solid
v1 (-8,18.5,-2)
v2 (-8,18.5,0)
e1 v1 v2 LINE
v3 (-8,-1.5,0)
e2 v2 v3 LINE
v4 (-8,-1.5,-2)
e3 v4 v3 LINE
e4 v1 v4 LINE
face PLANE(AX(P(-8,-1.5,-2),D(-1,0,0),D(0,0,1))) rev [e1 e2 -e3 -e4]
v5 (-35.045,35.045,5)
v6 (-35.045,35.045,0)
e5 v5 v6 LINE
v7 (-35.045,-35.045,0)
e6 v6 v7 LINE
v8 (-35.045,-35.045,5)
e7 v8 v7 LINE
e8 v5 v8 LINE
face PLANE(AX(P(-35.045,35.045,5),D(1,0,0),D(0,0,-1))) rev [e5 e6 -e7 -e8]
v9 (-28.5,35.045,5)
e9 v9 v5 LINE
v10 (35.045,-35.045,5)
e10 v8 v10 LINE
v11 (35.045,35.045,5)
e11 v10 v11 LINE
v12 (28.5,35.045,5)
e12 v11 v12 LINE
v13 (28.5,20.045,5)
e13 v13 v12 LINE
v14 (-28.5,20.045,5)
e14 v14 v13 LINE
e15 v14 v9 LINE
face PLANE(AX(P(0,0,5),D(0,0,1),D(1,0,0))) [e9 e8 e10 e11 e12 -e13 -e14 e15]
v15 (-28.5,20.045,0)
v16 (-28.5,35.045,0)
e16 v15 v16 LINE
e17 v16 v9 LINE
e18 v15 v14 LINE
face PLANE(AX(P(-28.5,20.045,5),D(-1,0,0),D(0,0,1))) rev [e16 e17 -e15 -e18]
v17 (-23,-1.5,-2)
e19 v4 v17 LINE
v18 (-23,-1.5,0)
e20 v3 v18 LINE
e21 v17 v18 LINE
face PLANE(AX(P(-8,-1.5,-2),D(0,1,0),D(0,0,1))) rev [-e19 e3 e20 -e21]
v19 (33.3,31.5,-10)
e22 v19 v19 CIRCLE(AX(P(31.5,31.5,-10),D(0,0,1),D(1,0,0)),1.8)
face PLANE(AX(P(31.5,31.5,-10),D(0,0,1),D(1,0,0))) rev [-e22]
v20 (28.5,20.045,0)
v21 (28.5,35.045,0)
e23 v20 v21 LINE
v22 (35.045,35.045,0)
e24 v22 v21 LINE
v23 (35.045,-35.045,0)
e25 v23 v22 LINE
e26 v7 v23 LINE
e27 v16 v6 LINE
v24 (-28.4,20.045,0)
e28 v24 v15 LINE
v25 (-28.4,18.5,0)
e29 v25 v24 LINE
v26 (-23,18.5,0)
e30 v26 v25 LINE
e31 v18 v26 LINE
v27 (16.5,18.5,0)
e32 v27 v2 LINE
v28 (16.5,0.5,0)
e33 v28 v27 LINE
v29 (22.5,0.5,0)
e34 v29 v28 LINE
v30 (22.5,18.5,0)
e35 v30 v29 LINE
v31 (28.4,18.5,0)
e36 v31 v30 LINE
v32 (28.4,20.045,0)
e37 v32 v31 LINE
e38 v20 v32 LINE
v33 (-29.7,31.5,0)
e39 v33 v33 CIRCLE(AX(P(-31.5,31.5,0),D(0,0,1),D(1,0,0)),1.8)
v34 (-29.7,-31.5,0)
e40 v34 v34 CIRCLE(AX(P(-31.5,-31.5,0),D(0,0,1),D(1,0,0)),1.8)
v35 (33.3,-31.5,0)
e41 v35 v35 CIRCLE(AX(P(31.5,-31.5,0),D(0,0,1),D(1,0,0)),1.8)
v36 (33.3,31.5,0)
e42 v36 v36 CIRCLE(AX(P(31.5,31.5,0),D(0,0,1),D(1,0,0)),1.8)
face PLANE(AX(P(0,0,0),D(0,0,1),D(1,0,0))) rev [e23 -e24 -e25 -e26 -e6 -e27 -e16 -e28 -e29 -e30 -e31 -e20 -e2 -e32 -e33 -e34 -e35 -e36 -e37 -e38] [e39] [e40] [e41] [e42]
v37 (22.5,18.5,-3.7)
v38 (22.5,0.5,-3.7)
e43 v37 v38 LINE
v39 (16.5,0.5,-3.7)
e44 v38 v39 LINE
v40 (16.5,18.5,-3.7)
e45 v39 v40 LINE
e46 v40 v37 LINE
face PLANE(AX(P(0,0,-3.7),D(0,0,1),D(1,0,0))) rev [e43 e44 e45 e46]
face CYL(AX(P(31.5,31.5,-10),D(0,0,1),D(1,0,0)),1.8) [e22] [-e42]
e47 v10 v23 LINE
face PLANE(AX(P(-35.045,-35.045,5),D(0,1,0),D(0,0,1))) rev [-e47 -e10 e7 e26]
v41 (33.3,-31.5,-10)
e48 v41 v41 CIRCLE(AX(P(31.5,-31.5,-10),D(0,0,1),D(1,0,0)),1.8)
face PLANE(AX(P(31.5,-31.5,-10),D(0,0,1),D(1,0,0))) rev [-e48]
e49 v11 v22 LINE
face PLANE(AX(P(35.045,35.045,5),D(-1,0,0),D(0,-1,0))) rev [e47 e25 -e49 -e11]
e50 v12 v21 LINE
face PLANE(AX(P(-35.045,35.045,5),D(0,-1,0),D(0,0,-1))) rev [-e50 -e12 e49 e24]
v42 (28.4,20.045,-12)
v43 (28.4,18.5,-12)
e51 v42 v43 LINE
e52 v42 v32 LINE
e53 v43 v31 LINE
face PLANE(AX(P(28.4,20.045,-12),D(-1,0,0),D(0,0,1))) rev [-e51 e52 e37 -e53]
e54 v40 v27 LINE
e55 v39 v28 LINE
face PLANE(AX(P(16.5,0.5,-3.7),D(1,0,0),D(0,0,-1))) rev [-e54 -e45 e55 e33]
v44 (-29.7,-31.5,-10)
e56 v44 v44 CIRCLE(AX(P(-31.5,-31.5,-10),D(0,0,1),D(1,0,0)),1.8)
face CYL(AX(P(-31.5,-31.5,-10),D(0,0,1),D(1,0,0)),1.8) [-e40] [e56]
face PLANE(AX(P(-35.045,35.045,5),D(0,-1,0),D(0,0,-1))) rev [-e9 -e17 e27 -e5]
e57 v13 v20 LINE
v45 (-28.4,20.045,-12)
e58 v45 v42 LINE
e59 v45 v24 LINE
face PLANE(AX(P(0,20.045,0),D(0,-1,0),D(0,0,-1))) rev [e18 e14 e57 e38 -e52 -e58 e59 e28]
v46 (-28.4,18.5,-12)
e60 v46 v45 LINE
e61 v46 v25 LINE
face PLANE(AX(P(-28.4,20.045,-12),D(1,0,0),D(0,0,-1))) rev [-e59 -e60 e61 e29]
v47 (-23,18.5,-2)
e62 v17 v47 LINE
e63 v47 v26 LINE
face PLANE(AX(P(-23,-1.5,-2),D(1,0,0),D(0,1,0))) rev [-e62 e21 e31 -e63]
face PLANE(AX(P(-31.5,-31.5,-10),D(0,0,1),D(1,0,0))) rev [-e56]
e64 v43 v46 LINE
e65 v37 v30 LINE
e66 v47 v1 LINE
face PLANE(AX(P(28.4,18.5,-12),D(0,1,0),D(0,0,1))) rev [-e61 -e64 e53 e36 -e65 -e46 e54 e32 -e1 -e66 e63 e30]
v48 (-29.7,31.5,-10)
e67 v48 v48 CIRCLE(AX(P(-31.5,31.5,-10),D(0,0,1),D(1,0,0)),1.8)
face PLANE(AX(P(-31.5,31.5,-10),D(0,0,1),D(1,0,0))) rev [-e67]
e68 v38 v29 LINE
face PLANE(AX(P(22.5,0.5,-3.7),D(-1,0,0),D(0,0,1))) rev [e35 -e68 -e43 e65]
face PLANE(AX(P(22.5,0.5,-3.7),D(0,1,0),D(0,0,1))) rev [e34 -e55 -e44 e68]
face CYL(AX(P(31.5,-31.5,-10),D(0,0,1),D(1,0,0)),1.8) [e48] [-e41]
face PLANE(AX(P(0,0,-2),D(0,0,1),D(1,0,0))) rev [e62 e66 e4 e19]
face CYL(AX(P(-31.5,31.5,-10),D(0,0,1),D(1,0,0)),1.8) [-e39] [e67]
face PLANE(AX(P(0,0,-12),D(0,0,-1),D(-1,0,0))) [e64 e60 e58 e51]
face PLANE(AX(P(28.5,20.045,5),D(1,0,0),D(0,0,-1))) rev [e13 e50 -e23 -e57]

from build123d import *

# Parameters (mm, degrees)
SKETCH_1_W          = 70.09
SKETCH_1_H          = 70.09
EXTRUDE_1_DEPTH     = 5
SKETCH_2_R          = 1.8
EXTRUDE_2_DEPTH     = 10
SKETCH_4_W          = 57
SKETCH_4_H          = 5
CUT_EXTRUDE_2_DEPTH = 15
SKETCH_5_W          = 56.8
SKETCH_5_H          = 1.545
EXTRUDE_3_DEPTH     = 12
SKETCH_6_W          = 6
SKETCH_6_H          = 18
EXTRUDE_4_DEPTH     = 3.7
SKETCH_7_W          = 15
SKETCH_7_H          = 20
EXTRUDE_5_DEPTH     = 2


with BuildPart() as part:
    # 草图1 → 凸台-拉伸1 (new body)
    with BuildSketch(Plane.XY):
        Rectangle(SKETCH_1_W, SKETCH_1_H)
    extrude(amount=EXTRUDE_1_DEPTH)

    # 草图2 → 凸台-拉伸2 (add)
    with BuildSketch(Plane.XY):
        with Locations((31.5, 31.5)):
            Circle(SKETCH_2_R)
        with Locations((31.5, -31.5)):
            Circle(SKETCH_2_R)
        with Locations((-31.5, -31.5)):
            Circle(SKETCH_2_R)
        with Locations((-31.5, 31.5)):
            Circle(SKETCH_2_R)
    extrude(amount=-EXTRUDE_2_DEPTH)

    # 草图4 → 切除-拉伸2 (cut)
    with BuildSketch(Plane(origin=(0, 35.045, 0), x_dir=(1, 0, 0), z_dir=(0, 1, 0))):
        with Locations((0, -2.5)):
            Rectangle(SKETCH_4_W, SKETCH_4_H)
    extrude(amount=-CUT_EXTRUDE_2_DEPTH, mode=Mode.SUBTRACT)

    # 草图5 → 凸台-拉伸3 (add)
    with BuildSketch(Plane(origin=(0, 0, 0), x_dir=(-1, 0, 0), z_dir=(0, 0, -1))):
        with Locations((0, 19.2725)):
            Rectangle(SKETCH_5_W, SKETCH_5_H)
    extrude(amount=EXTRUDE_3_DEPTH)

    # 草图6 → 凸台-拉伸4 (add)
    with BuildSketch(Plane(origin=(0, 0, 0), x_dir=(-1, 0, 0), z_dir=(0, 0, -1))):
        with Locations((-19.5, 9.5)):
            Rectangle(SKETCH_6_W, SKETCH_6_H)
    extrude(amount=EXTRUDE_4_DEPTH)

    # 草图7 → 凸台-拉伸5 (add)
    with BuildSketch(Plane(origin=(0, 0, 0), x_dir=(-1, 0, 0), z_dir=(0, 0, -1))):
        with Locations((15.5, 8.5)):
            Rectangle(SKETCH_7_W, SKETCH_7_H)
    extrude(amount=EXTRUDE_5_DEPTH)


solid = part.part
